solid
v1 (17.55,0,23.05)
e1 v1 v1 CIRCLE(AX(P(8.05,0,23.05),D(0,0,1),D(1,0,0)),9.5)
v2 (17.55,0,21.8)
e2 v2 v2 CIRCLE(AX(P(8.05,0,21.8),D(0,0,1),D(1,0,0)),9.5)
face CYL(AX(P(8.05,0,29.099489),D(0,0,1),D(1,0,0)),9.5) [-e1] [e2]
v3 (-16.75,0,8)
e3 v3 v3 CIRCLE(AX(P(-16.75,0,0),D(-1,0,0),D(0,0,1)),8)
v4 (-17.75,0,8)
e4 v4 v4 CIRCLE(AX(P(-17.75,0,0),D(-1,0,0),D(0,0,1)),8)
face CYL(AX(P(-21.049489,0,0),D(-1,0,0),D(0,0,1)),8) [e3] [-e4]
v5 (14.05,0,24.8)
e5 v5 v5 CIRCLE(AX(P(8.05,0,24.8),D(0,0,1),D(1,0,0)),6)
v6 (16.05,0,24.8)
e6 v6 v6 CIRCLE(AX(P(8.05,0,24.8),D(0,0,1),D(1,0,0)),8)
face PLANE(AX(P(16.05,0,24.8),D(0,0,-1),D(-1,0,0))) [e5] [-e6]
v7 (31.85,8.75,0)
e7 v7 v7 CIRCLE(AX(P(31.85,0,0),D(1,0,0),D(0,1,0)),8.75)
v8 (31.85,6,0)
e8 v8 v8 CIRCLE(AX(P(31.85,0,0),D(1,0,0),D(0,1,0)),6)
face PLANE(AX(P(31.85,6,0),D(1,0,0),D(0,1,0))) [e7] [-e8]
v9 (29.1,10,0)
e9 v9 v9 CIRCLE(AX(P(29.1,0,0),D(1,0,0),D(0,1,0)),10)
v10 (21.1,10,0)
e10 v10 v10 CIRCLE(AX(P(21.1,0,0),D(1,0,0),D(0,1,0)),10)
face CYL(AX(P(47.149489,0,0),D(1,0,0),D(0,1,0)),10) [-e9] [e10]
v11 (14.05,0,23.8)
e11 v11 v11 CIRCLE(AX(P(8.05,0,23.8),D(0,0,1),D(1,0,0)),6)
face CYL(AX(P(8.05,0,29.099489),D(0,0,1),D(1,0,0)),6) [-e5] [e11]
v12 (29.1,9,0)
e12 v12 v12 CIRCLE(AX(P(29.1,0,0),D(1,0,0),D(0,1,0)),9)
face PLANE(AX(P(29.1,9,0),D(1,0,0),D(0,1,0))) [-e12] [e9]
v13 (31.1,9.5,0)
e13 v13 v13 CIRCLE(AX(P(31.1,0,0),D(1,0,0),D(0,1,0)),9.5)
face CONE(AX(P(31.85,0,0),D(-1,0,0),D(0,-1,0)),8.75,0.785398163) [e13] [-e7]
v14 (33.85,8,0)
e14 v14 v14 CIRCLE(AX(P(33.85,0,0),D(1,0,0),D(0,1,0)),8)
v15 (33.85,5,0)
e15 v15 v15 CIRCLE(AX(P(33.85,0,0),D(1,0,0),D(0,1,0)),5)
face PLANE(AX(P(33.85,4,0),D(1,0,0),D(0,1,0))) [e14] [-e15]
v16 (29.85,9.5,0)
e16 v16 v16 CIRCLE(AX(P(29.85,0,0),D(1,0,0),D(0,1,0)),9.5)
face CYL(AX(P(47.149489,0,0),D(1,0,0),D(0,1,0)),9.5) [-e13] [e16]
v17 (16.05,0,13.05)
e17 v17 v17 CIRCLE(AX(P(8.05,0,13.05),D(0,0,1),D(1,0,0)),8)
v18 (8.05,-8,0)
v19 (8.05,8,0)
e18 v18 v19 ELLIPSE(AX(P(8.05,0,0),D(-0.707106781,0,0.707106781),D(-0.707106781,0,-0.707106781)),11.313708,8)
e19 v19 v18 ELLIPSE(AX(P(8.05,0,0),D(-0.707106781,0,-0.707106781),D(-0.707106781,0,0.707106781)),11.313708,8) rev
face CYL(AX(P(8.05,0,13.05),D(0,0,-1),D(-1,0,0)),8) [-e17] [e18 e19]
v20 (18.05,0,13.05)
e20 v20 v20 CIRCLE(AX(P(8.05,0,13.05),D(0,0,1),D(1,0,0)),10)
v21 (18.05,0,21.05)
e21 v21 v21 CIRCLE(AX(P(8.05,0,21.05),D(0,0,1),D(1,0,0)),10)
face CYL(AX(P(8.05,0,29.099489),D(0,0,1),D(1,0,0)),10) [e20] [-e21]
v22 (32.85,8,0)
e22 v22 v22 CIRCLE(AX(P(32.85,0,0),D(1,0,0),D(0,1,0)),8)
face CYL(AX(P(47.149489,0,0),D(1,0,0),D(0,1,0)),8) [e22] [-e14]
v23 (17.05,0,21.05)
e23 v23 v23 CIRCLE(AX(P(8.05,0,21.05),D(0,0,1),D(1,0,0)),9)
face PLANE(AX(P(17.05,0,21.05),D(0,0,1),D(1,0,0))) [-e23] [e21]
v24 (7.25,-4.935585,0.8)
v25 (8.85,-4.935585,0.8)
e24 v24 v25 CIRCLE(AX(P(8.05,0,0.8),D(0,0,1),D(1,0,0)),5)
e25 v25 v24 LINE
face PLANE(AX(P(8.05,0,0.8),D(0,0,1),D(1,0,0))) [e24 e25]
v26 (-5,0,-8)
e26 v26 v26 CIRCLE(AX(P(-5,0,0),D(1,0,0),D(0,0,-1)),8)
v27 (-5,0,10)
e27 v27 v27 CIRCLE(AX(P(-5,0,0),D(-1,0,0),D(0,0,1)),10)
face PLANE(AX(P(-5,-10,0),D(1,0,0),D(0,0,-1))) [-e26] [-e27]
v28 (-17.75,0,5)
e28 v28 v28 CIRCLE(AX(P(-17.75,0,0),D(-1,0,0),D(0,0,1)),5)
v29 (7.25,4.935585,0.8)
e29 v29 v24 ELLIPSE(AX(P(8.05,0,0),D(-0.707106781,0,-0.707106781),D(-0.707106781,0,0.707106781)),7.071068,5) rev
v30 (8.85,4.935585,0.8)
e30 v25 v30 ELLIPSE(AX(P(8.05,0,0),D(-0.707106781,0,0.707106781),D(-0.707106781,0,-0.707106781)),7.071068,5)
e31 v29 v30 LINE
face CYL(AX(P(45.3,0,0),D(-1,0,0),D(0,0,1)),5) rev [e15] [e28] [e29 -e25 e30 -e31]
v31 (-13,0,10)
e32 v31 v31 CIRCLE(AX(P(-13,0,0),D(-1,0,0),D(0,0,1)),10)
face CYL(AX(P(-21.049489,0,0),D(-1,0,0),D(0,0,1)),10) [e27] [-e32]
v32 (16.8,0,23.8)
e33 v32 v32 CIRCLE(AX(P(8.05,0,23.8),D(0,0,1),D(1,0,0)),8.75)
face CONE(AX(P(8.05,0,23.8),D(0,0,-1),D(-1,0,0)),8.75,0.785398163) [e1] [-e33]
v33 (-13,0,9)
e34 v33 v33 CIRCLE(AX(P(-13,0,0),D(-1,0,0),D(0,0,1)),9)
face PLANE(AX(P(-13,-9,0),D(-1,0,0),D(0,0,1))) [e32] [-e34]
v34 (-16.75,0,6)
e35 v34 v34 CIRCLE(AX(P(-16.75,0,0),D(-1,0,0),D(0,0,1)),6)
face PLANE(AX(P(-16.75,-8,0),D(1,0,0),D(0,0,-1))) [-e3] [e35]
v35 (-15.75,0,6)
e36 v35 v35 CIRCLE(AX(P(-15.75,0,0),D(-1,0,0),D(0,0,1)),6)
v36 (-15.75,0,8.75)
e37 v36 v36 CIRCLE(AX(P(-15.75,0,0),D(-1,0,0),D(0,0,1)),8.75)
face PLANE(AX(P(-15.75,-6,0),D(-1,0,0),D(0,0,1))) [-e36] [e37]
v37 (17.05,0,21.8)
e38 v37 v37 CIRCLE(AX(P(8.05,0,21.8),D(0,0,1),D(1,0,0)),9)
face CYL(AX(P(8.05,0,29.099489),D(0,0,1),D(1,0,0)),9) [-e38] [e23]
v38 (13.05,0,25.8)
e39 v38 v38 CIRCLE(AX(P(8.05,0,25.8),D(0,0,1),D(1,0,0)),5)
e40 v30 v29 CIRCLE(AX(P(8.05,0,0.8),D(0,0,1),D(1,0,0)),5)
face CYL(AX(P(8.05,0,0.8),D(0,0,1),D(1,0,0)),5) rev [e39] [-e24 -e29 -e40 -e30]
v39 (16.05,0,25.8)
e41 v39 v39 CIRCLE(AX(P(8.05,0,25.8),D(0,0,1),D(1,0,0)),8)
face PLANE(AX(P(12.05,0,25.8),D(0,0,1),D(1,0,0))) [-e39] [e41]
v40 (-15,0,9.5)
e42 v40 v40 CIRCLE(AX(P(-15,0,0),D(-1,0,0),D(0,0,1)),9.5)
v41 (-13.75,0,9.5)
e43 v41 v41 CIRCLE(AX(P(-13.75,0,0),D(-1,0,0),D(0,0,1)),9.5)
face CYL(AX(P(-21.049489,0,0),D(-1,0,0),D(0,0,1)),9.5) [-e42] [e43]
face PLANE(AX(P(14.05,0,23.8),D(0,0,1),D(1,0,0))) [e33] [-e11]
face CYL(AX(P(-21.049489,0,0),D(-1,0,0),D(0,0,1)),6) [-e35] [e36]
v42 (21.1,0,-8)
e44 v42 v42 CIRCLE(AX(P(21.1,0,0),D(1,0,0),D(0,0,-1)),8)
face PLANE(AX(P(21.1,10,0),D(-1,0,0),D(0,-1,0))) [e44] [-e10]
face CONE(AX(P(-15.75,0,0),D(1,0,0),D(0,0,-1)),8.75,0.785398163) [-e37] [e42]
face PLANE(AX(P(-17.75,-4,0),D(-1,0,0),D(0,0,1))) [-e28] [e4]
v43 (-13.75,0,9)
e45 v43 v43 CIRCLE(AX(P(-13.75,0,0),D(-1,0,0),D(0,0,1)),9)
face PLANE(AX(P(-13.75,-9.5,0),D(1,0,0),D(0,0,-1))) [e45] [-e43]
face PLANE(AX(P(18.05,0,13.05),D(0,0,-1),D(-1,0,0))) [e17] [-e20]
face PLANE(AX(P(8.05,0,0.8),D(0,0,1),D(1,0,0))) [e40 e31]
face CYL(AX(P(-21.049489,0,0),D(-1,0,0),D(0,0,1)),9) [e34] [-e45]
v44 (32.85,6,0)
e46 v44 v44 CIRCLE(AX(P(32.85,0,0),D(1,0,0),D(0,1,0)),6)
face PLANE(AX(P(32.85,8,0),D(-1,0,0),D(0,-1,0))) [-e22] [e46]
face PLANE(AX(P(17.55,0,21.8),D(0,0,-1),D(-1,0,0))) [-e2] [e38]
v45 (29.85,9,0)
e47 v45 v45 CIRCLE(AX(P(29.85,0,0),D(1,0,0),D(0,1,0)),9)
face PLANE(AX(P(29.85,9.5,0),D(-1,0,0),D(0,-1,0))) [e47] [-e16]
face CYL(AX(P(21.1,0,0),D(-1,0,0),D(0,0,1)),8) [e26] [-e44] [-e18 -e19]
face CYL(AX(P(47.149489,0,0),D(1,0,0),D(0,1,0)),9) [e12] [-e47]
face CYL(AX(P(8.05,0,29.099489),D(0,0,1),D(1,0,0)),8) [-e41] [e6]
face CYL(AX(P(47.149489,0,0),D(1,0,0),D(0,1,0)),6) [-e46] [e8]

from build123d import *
from build123d.topology import SkipClean

# Parameters (mm, degrees)
SKETCH_2_R          = 8
SKETCH_2_R_2        = 4
EXTRUDE_1_DEPTH     = 26.1
SKETCH_4_R          = 8
EXTRUDE_2_DEPTH     = 13.05
SKETCH_6_R          = 5
CUT_EXTRUDE_1_DEPTH = 63.05
SKETCH_7_R          = 5
CUT_EXTRUDE_2_DEPTH = 25


with BuildPart() as part:
    # Эскиз1 → Повернуть1 (revolve)
    with BuildSketch(Plane.XY, mode=Mode.PRIVATE) as revolve_1_sk:
        Polygon((-16.75, -8), (-16.75, -6), (-15.75, -6), (-15.75, -8.75), (-15, -9.5), (-13.75, -9.5), (-13.75, -9), (-13, -9), (-13, -10), (-5, -10), (-5, -4), (-17.75, -4), (-17.75, -8), align=None)
    revolve(revolve_1_sk.sketch.rotate(Axis((-21.049489232, 0, 0), (1, 0, 0)), 270), axis=Axis((-21.049489232, 0, 0), (1, 0, 0)))

    # Эскиз2 → Бобышка-Вытянуть1 (add)
    with BuildSketch(Plane(origin=(-5, 0, 0), x_dir=(0, 0, -1), z_dir=(1, 0, 0))):
        with Locations(Location((0, 0, 0), (0, 0, 180))):
            Circle(SKETCH_2_R)
        with Locations(Location((0, 0, 0), (0, 0, 180))):
            Circle(SKETCH_2_R_2, mode=Mode.SUBTRACT)
    extrude(amount=EXTRUDE_1_DEPTH)

    # Эскиз3 → Повернуть2 (revolve)
    with SkipClean():  # the faces are left unmerged after this step: merging them gives an invalid solid
        with BuildSketch(Plane.XY):
            Polygon((32.85, 8), (32.85, 6), (31.85, 6), (31.85, 8.75), (31.1, 9.5), (29.85, 9.5), (29.85, 9), (29.1, 9), (29.1, 10), (21.1, 10), (21.1, 4), (33.85, 4), (33.85, 8), align=None)
        revolve(axis=Axis((47.149489232, 0, 0), (-1, 0, 0)))

    # Эскиз4 → Бобышка-Вытянуть2 (add)
    with SkipClean():  # the faces are left unmerged after this step: merging them gives an invalid solid
        with BuildSketch(Plane.XY):
            with Locations(Location((8.05, 0, 0), (0, 0, 90))):
                Circle(SKETCH_4_R)
        extrude(amount=EXTRUDE_2_DEPTH)

    # Эскиз5 → Повернуть3 (revolve)
    with SkipClean():  # the faces are left unmerged after this step: merging them gives an invalid solid
        with BuildSketch(Plane(origin=(0, 0, 0), x_dir=(1, 0, 0), z_dir=(0, 1, 0))):
            Polygon((16.05, -24.8), (14.05, -24.8), (14.05, -23.8), (16.8, -23.8), (17.55, -23.05), (17.55, -21.8), (17.05, -21.8), (17.05, -21.05), (18.05, -21.05), (18.05, -13.05), (12.05, -13.05), (12.05, -25.8), (16.05, -25.8), align=None)
        revolve(axis=Axis((8.05, 0, 29.099489232), (0, 0, -1)))

    # Эскиз6 → Вырез-Вытянуть1 (cut)
    with BuildSketch(Plane.ZY.offset(17.75)):
        Circle(SKETCH_6_R)
    extrude(amount=-CUT_EXTRUDE_1_DEPTH, mode=Mode.SUBTRACT)

    # Эскиз7 → Вырез-Вытянуть2 (cut)
    with BuildSketch(Plane.XY.offset(25.8)):
        with Locations((8.05, 0)):
            Circle(SKETCH_7_R)
    extrude(amount=-CUT_EXTRUDE_2_DEPTH, mode=Mode.SUBTRACT)


solid = part.part
